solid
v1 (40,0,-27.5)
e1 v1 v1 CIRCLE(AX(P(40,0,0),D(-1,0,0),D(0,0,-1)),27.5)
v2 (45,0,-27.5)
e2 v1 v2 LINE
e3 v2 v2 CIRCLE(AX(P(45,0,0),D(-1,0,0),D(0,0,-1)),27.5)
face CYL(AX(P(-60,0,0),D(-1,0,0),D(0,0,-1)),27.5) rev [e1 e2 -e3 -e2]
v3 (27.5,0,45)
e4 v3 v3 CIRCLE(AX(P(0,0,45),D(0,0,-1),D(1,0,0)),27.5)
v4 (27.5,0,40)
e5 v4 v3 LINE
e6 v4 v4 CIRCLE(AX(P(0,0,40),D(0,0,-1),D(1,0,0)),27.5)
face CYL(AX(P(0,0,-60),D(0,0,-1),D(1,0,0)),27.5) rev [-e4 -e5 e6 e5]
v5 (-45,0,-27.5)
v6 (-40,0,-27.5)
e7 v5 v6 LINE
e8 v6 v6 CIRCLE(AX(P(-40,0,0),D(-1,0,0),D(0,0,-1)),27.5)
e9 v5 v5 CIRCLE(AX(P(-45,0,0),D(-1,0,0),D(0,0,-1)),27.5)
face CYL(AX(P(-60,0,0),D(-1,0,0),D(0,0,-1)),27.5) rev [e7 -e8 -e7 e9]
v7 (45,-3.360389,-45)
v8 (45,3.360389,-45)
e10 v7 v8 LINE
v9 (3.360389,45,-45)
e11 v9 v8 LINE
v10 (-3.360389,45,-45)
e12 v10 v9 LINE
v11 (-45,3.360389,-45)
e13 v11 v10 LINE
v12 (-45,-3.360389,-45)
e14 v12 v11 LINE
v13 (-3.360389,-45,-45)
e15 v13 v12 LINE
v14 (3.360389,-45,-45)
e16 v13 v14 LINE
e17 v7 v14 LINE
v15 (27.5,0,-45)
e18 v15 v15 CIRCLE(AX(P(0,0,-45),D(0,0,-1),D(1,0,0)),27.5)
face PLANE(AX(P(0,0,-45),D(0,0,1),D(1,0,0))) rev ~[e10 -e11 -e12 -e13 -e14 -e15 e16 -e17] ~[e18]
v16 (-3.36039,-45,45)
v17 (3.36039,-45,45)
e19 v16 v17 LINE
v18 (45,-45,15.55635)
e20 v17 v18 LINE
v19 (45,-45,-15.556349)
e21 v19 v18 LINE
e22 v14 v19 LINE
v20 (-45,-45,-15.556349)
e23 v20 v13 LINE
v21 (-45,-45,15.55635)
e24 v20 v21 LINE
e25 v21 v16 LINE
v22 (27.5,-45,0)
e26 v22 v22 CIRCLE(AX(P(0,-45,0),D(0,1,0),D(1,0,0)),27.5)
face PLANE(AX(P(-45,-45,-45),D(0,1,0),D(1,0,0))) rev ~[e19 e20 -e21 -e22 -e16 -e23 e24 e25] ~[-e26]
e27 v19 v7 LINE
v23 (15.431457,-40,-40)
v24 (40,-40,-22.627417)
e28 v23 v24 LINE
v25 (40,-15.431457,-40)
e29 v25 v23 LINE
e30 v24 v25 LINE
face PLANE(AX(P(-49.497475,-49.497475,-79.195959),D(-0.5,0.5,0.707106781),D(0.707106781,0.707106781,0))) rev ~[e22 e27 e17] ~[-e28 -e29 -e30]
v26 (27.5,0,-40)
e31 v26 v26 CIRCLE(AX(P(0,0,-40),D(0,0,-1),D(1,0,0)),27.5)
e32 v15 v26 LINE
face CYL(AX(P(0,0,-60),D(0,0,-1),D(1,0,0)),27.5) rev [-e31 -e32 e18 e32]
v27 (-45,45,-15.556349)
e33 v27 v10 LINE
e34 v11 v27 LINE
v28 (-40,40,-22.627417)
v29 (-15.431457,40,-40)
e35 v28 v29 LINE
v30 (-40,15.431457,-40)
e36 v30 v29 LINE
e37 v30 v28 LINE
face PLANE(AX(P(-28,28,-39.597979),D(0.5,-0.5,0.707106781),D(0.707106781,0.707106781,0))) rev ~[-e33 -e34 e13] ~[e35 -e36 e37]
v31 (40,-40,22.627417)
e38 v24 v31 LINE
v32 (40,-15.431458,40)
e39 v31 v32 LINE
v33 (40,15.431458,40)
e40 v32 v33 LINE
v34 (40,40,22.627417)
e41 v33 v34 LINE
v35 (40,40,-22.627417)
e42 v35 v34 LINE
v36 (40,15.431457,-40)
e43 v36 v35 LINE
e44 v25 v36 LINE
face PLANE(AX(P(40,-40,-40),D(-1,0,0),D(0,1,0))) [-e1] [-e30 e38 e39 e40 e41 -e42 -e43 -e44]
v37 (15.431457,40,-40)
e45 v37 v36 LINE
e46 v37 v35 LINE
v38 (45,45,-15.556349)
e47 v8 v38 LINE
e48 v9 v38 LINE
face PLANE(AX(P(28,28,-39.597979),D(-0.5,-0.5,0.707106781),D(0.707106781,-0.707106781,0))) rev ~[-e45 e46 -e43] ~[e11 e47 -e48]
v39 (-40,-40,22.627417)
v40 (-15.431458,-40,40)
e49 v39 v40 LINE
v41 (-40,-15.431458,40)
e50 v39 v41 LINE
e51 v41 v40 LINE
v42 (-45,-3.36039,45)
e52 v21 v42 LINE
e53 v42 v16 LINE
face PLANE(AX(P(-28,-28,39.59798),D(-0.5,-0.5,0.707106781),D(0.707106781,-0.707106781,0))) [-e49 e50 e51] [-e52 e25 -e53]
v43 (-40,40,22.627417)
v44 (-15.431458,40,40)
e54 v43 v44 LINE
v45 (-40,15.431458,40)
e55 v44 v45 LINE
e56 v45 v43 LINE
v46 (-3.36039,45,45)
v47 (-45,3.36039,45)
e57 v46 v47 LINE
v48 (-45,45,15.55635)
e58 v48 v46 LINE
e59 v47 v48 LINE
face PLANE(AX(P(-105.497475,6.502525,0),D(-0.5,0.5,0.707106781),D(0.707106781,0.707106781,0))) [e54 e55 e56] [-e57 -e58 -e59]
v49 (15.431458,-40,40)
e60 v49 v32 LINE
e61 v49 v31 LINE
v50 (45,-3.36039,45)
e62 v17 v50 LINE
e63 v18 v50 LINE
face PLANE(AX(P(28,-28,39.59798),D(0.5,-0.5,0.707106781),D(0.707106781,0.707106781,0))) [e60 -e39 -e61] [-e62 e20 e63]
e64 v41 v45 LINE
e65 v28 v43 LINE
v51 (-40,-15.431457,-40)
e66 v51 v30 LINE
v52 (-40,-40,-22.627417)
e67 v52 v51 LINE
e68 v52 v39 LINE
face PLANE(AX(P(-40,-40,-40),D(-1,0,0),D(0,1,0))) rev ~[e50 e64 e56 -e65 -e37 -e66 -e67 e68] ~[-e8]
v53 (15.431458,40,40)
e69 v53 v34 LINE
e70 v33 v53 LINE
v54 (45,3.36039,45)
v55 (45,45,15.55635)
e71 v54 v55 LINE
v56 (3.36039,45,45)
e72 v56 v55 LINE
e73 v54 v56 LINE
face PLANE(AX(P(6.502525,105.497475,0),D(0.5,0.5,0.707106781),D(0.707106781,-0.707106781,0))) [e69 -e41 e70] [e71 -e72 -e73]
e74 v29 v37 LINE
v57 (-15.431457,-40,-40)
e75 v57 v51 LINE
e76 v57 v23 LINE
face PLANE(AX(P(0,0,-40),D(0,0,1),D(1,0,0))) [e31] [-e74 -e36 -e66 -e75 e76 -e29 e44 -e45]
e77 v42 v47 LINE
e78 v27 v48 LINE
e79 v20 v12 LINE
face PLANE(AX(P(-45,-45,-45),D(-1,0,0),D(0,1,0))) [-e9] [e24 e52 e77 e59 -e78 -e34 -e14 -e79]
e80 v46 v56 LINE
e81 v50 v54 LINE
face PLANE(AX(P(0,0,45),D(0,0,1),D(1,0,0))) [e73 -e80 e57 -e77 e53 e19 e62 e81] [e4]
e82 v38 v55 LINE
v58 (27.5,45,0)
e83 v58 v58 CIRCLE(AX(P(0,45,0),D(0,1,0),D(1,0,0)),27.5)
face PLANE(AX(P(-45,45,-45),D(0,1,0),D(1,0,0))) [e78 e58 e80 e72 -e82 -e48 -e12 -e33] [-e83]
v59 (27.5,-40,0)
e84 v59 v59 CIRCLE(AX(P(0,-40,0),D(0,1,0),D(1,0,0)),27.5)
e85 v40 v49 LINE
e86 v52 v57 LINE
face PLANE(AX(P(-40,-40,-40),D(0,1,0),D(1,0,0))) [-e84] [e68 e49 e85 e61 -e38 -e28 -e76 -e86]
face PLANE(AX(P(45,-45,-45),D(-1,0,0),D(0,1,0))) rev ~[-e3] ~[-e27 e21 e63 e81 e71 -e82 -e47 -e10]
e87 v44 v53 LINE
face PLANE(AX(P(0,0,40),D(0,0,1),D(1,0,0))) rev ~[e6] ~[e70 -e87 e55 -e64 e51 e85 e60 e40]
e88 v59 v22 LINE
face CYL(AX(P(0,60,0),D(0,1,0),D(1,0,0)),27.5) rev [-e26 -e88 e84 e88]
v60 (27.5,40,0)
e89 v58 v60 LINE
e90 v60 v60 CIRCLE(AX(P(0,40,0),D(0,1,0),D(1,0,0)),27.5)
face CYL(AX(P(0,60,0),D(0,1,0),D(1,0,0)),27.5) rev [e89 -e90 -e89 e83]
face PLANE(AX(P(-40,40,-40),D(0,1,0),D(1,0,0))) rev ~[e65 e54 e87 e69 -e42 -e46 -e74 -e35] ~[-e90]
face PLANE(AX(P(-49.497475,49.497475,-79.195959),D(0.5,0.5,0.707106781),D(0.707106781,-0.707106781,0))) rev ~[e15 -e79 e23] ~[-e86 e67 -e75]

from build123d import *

# Parameters (mm, degrees)
BOX004_W                = 140
BOX004_H                = 112
BOX004_DEPTH            = 112
BOX004_ROLL_ANGLE       = 45
BOX004_PLACEMENT_ANGLE  = -45
BOX005_W                = 180
BOX005_H                = 180
BOX005_DEPTH            = 180
BOX005_ROLL_ANGLE       = 45
BOX005_PLACEMENT_ANGLE  = -45
BOX002_W                = 140
BOX002_H                = 112
BOX002_DEPTH            = 112
BOX002_ROLL_ANGLE       = 45
BOX002_PLACEMENT_ANGLE  = 45
BOX003_W                = 180
BOX003_H                = 180
BOX003_DEPTH            = 180
BOX003_ROLL_ANGLE       = 45
BOX003_PLACEMENT_ANGLE  = 45
CYLINDER002_R           = 27.5
CYLINDER002_DEPTH       = 120
CYLINDER002_PITCH_ANGLE = 90
CYLINDER001_R           = 27.5
CYLINDER001_DEPTH       = 120
CYLINDER001_ROLL_ANGLE  = 90
CYLINDER_R              = 27.5
CYLINDER_DEPTH          = 120
BOX001_W                = 80
BOX001_H                = 80
BOX001_DEPTH            = 80
BOX_W                   = 90
BOX_H                   = 90
BOX_DEPTH               = 90


with BuildPart() as cube004:
    # Box004 → Box004 (new body)
    with BuildSketch(Plane.XY):
        with Locations((70, 56)):
            Rectangle(BOX004_W, BOX004_H)
    extrude(amount=BOX004_DEPTH)


with BuildPart() as cube004_1:
    # Box004 roll: moved
    add(cube004.part.rotate(Axis((0, 0, 0), (1, 0, 0)), BOX004_ROLL_ANGLE))


with BuildPart() as cube004_2:
    # Box004 placement: moved
    add(cube004_1.part.moved(Location((-49.497475, 49.497475, -79.195959))).rotate(Axis((-49.497475, 49.497475, -79.195959), (0, 0, 1)), BOX004_PLACEMENT_ANGLE))


with BuildPart() as cut002:
    # Box005 → Box005 (new body)
    with BuildSketch(Plane.XY):
        with Locations((90, 90)):
            Rectangle(BOX005_W, BOX005_H)
    extrude(amount=BOX005_DEPTH)


with BuildPart() as cut002_1:
    # Box005 roll: moved
    add(cut002.part.rotate(Axis((0, 0, 0), (1, 0, 0)), BOX005_ROLL_ANGLE))


with BuildPart() as cut002_2:
    # Box005 placement: moved
    add(cut002_1.part.moved(Location((-63.63961, 63.63961, -127.279221))).rotate(Axis((-63.63961, 63.63961, -127.279221), (0, 0, 1)), BOX005_PLACEMENT_ANGLE))

    # Cut002: cut Cube004
    add(cube004_2.part, mode=Mode.SUBTRACT)


with BuildPart() as cube002:
    # Box002 → Box002 (new body)
    with BuildSketch(Plane.XY):
        with Locations((70, 56)):
            Rectangle(BOX002_W, BOX002_H)
    extrude(amount=BOX002_DEPTH)


with BuildPart() as cube002_1:
    # Box002 roll: moved
    add(cube002.part.rotate(Axis((0, 0, 0), (1, 0, 0)), BOX002_ROLL_ANGLE))


with BuildPart() as cube002_2:
    # Box002 placement: moved
    add(cube002_1.part.moved(Location((-49.497475, -49.497475, -79.195959))).rotate(Axis((-49.497475, -49.497475, -79.195959), (0, 0, 1)), BOX002_PLACEMENT_ANGLE))


with BuildPart() as cut001:
    # Box003 → Box003 (new body)
    with BuildSketch(Plane.XY):
        with Locations((90, 90)):
            Rectangle(BOX003_W, BOX003_H)
    extrude(amount=BOX003_DEPTH)


with BuildPart() as cut001_1:
    # Box003 roll: moved
    add(cut001.part.rotate(Axis((0, 0, 0), (1, 0, 0)), BOX003_ROLL_ANGLE))


with BuildPart() as cut001_2:
    # Box003 placement: moved
    add(cut001_1.part.moved(Location((-63.63961, -63.63961, -127.279221))).rotate(Axis((-63.63961, -63.63961, -127.279221), (0, 0, 1)), BOX003_PLACEMENT_ANGLE))

    # Cut001: cut Cube002
    add(cube002_2.part, mode=Mode.SUBTRACT)


with BuildPart() as cylinder002:
    # Cylinder002 → Cylinder002 (new body)
    with BuildSketch(Plane.XY):
        Circle(CYLINDER002_R)
    extrude(amount=CYLINDER002_DEPTH)


with BuildPart() as cylinder002_1:
    # Cylinder002 pitch: moved
    add(cylinder002.part.rotate(Axis((0, 0, 0), (0, 1, 0)), CYLINDER002_PITCH_ANGLE))


with BuildPart() as cylinder002_2:
    # Cylinder002 placement: moved
    add(cylinder002_1.part.moved(Location((-60, 0, 0))))


with BuildPart() as cylinder001:
    # Cylinder001 → Cylinder001 (new body)
    with BuildSketch(Plane.XY):
        Circle(CYLINDER001_R)
    extrude(amount=CYLINDER001_DEPTH)


with BuildPart() as cylinder001_1:
    # Cylinder001 roll: moved
    add(cylinder001.part.rotate(Axis((0, 0, 0), (1, 0, 0)), CYLINDER001_ROLL_ANGLE))


with BuildPart() as cylinder001_2:
    # Cylinder001 placement: moved
    add(cylinder001_1.part.moved(Location((0, 60, 0))))


with BuildPart() as cylinder:
    # Cylinder → Cylinder (new body)
    with BuildSketch(Plane.XY.offset(-60)):
        Circle(CYLINDER_R)
    extrude(amount=CYLINDER_DEPTH)


with BuildPart() as fusion:
    # Box001 → Box001 (new body)
    with BuildSketch(Plane(origin=(-40, -40, -40), x_dir=(1, 0, 0), z_dir=(0, 0, 1))):
        with Locations((40, 40)):
            Rectangle(BOX001_W, BOX001_H)
    extrude(amount=BOX001_DEPTH)

    # Fusion: union Cylinder002, Cylinder001, Cylinder
    add(cylinder002_2.part)
    add(cylinder001_2.part)
    add(cylinder.part)


with BuildPart() as cut004:
    # Box → Box (new body)
    with BuildSketch(Plane(origin=(-45, -45, -45), x_dir=(1, 0, 0), z_dir=(0, 0, 1))):
        with Locations((45, 45)):
            Rectangle(BOX_W, BOX_H)
    extrude(amount=BOX_DEPTH)

    # Cut: cut Fusion
    add(fusion.part, mode=Mode.SUBTRACT)

    # Cut003: cut Cut001
    add(cut001_2.part, mode=Mode.SUBTRACT)

    # Cut004: cut Cut002
    add(cut002_2.part, mode=Mode.SUBTRACT)


solid = cut004.part
